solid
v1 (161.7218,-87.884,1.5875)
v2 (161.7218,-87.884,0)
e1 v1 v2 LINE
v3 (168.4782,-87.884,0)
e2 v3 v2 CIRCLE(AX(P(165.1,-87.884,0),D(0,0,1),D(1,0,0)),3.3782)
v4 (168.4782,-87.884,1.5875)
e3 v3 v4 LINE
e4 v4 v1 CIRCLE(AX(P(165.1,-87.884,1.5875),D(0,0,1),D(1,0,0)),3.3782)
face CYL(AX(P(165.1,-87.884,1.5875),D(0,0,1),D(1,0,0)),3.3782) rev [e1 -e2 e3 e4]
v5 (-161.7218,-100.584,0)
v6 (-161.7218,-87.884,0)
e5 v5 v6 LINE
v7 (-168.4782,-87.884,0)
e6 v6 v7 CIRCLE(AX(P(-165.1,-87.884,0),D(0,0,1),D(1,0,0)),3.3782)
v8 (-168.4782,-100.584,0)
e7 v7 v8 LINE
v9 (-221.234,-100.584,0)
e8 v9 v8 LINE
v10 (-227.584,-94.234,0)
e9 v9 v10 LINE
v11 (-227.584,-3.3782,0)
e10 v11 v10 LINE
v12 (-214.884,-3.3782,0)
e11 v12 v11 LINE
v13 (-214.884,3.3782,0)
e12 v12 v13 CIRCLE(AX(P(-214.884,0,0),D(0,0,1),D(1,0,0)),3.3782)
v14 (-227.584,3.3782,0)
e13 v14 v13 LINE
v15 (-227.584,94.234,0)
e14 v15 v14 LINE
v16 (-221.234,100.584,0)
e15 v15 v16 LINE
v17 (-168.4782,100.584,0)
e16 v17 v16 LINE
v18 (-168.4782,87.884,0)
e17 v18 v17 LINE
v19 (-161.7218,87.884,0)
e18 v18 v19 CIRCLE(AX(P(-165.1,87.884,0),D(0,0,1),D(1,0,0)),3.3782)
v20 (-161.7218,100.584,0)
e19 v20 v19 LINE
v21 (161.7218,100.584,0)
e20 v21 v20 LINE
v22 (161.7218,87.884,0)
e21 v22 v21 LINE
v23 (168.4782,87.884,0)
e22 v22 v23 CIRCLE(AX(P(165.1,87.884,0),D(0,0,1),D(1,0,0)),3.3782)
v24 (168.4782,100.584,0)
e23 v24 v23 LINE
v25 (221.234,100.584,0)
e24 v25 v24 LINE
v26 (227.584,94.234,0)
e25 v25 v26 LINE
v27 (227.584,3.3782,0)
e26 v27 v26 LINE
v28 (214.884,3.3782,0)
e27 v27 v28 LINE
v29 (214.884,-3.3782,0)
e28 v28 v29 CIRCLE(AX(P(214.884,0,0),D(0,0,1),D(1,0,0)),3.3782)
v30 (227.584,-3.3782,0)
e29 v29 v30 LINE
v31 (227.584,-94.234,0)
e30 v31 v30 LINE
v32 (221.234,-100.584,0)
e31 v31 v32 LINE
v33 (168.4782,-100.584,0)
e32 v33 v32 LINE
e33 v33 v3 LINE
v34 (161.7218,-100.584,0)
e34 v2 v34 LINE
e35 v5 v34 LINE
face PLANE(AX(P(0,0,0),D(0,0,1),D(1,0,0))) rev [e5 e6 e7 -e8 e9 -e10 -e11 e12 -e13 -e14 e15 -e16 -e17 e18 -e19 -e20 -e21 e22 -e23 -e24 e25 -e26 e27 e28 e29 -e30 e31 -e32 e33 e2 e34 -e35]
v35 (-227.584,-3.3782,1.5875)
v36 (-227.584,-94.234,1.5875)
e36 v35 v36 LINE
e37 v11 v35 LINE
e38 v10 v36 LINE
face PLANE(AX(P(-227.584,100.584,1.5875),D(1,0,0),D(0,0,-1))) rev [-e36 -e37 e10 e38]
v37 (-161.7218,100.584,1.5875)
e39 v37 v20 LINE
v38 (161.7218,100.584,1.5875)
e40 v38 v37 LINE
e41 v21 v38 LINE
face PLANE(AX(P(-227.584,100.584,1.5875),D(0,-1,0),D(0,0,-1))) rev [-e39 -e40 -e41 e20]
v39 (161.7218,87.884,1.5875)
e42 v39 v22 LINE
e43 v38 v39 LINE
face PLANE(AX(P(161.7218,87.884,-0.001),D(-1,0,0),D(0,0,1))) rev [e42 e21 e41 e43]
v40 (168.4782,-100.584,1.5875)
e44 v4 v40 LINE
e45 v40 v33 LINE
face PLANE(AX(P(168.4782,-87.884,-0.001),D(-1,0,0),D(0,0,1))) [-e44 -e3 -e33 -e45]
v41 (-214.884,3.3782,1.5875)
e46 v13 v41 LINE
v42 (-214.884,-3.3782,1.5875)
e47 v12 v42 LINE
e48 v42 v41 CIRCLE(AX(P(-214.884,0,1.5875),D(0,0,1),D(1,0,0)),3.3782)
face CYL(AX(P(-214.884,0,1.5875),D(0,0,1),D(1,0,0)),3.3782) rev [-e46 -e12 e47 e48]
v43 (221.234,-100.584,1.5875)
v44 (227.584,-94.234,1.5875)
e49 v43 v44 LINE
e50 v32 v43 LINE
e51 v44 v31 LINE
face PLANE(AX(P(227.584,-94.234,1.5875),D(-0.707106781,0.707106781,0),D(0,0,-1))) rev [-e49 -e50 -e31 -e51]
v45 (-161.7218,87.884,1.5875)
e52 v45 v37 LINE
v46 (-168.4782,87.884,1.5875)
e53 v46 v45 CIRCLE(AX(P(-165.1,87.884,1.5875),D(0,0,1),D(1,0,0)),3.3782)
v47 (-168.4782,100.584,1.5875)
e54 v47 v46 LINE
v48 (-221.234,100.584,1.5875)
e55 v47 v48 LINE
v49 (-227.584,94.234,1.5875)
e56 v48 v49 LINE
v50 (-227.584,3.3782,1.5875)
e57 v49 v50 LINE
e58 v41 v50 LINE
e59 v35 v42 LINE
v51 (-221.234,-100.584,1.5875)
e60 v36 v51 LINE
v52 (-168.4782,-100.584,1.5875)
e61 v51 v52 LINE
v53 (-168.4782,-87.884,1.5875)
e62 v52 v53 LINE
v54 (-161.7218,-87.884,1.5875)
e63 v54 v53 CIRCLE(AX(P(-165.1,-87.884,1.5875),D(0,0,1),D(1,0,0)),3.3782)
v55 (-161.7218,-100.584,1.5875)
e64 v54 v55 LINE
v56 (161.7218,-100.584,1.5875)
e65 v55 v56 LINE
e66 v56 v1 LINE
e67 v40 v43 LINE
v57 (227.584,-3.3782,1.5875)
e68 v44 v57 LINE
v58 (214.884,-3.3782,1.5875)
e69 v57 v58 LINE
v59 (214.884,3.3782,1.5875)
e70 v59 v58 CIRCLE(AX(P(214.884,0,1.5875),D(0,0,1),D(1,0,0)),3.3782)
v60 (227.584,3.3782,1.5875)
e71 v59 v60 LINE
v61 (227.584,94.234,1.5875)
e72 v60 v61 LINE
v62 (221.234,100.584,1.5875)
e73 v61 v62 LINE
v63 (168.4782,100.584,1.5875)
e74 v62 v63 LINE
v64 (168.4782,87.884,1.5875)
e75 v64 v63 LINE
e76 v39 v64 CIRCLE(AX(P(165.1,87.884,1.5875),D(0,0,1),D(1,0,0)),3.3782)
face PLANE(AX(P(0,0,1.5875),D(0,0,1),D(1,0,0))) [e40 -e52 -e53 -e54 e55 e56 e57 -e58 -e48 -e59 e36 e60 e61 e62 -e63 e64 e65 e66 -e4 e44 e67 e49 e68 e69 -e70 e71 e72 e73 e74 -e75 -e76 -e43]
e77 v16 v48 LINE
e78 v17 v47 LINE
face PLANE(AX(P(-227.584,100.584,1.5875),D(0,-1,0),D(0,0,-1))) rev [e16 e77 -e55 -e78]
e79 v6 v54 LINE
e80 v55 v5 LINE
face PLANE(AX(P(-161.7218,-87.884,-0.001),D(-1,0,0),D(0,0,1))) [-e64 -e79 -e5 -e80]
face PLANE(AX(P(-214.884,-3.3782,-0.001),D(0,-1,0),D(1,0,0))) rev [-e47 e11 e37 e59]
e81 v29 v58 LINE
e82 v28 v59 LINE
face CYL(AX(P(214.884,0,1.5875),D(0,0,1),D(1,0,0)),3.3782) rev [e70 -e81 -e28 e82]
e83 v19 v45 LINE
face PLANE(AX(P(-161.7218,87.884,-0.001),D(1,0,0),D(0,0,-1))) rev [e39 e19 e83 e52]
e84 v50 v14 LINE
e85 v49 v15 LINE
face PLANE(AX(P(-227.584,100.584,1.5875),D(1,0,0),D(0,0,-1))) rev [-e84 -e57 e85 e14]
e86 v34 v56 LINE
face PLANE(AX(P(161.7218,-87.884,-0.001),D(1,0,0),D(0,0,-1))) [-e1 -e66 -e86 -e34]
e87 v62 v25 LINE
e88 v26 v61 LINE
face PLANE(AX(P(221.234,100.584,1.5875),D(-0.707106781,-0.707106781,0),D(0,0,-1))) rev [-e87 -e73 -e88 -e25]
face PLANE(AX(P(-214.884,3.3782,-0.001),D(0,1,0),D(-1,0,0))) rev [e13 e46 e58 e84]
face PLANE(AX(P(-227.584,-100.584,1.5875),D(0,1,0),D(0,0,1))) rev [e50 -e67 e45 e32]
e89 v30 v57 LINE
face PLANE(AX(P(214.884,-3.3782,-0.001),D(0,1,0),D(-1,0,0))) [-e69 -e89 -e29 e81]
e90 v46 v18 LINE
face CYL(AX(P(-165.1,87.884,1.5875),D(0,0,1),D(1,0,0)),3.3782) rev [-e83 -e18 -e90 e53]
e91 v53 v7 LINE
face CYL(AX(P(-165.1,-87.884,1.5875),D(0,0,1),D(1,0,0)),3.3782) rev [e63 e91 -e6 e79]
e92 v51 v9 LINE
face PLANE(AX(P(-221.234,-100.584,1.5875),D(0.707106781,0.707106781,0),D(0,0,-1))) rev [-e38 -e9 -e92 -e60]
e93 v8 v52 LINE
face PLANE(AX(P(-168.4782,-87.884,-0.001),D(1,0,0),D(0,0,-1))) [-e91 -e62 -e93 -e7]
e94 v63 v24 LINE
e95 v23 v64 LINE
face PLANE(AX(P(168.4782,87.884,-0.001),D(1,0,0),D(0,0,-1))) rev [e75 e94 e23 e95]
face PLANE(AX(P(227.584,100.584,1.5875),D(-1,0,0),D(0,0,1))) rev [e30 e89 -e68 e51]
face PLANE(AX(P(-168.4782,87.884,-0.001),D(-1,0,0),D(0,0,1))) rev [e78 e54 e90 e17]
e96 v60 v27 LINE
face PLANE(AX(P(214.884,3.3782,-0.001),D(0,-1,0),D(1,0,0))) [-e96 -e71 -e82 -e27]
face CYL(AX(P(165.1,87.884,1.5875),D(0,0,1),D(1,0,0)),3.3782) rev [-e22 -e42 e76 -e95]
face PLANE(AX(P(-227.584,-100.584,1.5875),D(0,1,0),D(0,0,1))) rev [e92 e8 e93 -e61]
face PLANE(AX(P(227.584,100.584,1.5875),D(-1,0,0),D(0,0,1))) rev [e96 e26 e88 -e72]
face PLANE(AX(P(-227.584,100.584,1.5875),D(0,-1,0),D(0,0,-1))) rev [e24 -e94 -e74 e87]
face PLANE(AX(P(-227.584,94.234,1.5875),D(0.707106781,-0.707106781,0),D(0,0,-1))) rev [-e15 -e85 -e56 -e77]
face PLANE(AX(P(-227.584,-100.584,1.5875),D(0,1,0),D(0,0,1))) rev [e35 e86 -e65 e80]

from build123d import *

# Parameters (mm, degrees)
SKETCH1_W               = 455.168
SKETCH1_H               = 201.168
BOSS_EXTRUDE1_DEPTH     = 1.5875
F_1_4_CLEARANCE_HOLE1_D = 6.7564
CHAMFER1_SIZE           = 6.35
CUT_EXTRUDE1_REACH      = 250.826
SKETCH4_W               = 6.7564
SKETCH4_H               = 14.488627811
CUT_EXTRUDE2_REACH      = 250.826
SKETCH5_W               = 19.05
SKETCH5_H               = 6.7564


with BuildPart() as part:
    # Sketch1 → Boss-Extrude1 (new body)
    with BuildSketch(Plane.XY):
        Rectangle(SKETCH1_W, SKETCH1_H)
    extrude(amount=BOSS_EXTRUDE1_DEPTH)

    # 1/4 Clearance Hole1 (through all)
    with Locations(Plane.XY.offset(1.5875)):
        with Locations((-165.1, 87.884), (165.1, 87.884), (214.884, 0), (-214.884, 0), (-165.1, -87.884), (165.1, -87.884)):
            Hole(F_1_4_CLEARANCE_HOLE1_D / 2)

    # Chamfer1
    chamfer1_edges = [part.edges().sort_by_distance(p)[0] for p in [
        (227.584, -100.584, 0.79375),
        (-227.584, -100.584, 0.79375),
        (-227.584, 100.584, 0.79375),
        (227.584, 100.584, 0.79375),
    ]]
    chamfer(chamfer1_edges, length=CHAMFER1_SIZE)

    # Sketch4 → Cut-Extrude1 (cut, up to next)
    with BuildSketch(Plane.XY.offset(1.5875), mode=Mode.PRIVATE) as cut_extrude1_sk1:
        with Locations((-165.1, 95.128313905)):
            Rectangle(SKETCH4_W, SKETCH4_H)
    cut_extrude1_tool1 = extrude(cut_extrude1_sk1.sketch, amount=-CUT_EXTRUDE1_REACH, mode=Mode.PRIVATE) & part.part
    # Sketch4 → Cut-Extrude1 (cut, up to next)
    with BuildSketch(Plane.XY.offset(1.5875), mode=Mode.PRIVATE) as cut_extrude1_sk2:
        with Locations((165.1, 95.128313905)):
            Rectangle(SKETCH4_W, SKETCH4_H)
    cut_extrude1_tool2 = extrude(cut_extrude1_sk2.sketch, amount=-CUT_EXTRUDE1_REACH, mode=Mode.PRIVATE) & part.part
    cut_extrude1_1 = cut_extrude1_tool1.solids().sort_by_distance((-165.1, 95.128314, 1.5875))[0]
    add(cut_extrude1_1, mode=Mode.SUBTRACT)
    cut_extrude1_2 = cut_extrude1_tool2.solids().sort_by_distance((165.1, 95.128314, 1.5875))[0]
    add(cut_extrude1_2, mode=Mode.SUBTRACT)
    cut_extrude1 = cut_extrude1_1 + cut_extrude1_2  # Cut-Extrude1 as one shape, for the pattern or mirror that repeats it

    # Mirror5: Cut-Extrude1 across plane
    add(cut_extrude1.mirror(Plane.ZX), mode=Mode.SUBTRACT)

    # Sketch5 → Cut-Extrude2 (cut, up to next)
    with BuildSketch(Plane.XY.offset(1.5875), mode=Mode.PRIVATE) as cut_extrude2_sk1:
        with Locations((-224.409, 0)):
            Rectangle(SKETCH5_W, SKETCH5_H)
    cut_extrude2_tool1 = extrude(cut_extrude2_sk1.sketch, amount=-CUT_EXTRUDE2_REACH, mode=Mode.PRIVATE) & part.part
    cut_extrude2 = cut_extrude2_tool1.solids().sort_by_distance((-224.409, 0, 1.5875))[0]
    add(cut_extrude2, mode=Mode.SUBTRACT)

    # Mirror6: Cut-Extrude2 across plane
    add(cut_extrude2.mirror(Plane(origin=(0, 0, 0), x_dir=(0, 0, 1), z_dir=(1, 0, 0))), mode=Mode.SUBTRACT)


solid = part.part
